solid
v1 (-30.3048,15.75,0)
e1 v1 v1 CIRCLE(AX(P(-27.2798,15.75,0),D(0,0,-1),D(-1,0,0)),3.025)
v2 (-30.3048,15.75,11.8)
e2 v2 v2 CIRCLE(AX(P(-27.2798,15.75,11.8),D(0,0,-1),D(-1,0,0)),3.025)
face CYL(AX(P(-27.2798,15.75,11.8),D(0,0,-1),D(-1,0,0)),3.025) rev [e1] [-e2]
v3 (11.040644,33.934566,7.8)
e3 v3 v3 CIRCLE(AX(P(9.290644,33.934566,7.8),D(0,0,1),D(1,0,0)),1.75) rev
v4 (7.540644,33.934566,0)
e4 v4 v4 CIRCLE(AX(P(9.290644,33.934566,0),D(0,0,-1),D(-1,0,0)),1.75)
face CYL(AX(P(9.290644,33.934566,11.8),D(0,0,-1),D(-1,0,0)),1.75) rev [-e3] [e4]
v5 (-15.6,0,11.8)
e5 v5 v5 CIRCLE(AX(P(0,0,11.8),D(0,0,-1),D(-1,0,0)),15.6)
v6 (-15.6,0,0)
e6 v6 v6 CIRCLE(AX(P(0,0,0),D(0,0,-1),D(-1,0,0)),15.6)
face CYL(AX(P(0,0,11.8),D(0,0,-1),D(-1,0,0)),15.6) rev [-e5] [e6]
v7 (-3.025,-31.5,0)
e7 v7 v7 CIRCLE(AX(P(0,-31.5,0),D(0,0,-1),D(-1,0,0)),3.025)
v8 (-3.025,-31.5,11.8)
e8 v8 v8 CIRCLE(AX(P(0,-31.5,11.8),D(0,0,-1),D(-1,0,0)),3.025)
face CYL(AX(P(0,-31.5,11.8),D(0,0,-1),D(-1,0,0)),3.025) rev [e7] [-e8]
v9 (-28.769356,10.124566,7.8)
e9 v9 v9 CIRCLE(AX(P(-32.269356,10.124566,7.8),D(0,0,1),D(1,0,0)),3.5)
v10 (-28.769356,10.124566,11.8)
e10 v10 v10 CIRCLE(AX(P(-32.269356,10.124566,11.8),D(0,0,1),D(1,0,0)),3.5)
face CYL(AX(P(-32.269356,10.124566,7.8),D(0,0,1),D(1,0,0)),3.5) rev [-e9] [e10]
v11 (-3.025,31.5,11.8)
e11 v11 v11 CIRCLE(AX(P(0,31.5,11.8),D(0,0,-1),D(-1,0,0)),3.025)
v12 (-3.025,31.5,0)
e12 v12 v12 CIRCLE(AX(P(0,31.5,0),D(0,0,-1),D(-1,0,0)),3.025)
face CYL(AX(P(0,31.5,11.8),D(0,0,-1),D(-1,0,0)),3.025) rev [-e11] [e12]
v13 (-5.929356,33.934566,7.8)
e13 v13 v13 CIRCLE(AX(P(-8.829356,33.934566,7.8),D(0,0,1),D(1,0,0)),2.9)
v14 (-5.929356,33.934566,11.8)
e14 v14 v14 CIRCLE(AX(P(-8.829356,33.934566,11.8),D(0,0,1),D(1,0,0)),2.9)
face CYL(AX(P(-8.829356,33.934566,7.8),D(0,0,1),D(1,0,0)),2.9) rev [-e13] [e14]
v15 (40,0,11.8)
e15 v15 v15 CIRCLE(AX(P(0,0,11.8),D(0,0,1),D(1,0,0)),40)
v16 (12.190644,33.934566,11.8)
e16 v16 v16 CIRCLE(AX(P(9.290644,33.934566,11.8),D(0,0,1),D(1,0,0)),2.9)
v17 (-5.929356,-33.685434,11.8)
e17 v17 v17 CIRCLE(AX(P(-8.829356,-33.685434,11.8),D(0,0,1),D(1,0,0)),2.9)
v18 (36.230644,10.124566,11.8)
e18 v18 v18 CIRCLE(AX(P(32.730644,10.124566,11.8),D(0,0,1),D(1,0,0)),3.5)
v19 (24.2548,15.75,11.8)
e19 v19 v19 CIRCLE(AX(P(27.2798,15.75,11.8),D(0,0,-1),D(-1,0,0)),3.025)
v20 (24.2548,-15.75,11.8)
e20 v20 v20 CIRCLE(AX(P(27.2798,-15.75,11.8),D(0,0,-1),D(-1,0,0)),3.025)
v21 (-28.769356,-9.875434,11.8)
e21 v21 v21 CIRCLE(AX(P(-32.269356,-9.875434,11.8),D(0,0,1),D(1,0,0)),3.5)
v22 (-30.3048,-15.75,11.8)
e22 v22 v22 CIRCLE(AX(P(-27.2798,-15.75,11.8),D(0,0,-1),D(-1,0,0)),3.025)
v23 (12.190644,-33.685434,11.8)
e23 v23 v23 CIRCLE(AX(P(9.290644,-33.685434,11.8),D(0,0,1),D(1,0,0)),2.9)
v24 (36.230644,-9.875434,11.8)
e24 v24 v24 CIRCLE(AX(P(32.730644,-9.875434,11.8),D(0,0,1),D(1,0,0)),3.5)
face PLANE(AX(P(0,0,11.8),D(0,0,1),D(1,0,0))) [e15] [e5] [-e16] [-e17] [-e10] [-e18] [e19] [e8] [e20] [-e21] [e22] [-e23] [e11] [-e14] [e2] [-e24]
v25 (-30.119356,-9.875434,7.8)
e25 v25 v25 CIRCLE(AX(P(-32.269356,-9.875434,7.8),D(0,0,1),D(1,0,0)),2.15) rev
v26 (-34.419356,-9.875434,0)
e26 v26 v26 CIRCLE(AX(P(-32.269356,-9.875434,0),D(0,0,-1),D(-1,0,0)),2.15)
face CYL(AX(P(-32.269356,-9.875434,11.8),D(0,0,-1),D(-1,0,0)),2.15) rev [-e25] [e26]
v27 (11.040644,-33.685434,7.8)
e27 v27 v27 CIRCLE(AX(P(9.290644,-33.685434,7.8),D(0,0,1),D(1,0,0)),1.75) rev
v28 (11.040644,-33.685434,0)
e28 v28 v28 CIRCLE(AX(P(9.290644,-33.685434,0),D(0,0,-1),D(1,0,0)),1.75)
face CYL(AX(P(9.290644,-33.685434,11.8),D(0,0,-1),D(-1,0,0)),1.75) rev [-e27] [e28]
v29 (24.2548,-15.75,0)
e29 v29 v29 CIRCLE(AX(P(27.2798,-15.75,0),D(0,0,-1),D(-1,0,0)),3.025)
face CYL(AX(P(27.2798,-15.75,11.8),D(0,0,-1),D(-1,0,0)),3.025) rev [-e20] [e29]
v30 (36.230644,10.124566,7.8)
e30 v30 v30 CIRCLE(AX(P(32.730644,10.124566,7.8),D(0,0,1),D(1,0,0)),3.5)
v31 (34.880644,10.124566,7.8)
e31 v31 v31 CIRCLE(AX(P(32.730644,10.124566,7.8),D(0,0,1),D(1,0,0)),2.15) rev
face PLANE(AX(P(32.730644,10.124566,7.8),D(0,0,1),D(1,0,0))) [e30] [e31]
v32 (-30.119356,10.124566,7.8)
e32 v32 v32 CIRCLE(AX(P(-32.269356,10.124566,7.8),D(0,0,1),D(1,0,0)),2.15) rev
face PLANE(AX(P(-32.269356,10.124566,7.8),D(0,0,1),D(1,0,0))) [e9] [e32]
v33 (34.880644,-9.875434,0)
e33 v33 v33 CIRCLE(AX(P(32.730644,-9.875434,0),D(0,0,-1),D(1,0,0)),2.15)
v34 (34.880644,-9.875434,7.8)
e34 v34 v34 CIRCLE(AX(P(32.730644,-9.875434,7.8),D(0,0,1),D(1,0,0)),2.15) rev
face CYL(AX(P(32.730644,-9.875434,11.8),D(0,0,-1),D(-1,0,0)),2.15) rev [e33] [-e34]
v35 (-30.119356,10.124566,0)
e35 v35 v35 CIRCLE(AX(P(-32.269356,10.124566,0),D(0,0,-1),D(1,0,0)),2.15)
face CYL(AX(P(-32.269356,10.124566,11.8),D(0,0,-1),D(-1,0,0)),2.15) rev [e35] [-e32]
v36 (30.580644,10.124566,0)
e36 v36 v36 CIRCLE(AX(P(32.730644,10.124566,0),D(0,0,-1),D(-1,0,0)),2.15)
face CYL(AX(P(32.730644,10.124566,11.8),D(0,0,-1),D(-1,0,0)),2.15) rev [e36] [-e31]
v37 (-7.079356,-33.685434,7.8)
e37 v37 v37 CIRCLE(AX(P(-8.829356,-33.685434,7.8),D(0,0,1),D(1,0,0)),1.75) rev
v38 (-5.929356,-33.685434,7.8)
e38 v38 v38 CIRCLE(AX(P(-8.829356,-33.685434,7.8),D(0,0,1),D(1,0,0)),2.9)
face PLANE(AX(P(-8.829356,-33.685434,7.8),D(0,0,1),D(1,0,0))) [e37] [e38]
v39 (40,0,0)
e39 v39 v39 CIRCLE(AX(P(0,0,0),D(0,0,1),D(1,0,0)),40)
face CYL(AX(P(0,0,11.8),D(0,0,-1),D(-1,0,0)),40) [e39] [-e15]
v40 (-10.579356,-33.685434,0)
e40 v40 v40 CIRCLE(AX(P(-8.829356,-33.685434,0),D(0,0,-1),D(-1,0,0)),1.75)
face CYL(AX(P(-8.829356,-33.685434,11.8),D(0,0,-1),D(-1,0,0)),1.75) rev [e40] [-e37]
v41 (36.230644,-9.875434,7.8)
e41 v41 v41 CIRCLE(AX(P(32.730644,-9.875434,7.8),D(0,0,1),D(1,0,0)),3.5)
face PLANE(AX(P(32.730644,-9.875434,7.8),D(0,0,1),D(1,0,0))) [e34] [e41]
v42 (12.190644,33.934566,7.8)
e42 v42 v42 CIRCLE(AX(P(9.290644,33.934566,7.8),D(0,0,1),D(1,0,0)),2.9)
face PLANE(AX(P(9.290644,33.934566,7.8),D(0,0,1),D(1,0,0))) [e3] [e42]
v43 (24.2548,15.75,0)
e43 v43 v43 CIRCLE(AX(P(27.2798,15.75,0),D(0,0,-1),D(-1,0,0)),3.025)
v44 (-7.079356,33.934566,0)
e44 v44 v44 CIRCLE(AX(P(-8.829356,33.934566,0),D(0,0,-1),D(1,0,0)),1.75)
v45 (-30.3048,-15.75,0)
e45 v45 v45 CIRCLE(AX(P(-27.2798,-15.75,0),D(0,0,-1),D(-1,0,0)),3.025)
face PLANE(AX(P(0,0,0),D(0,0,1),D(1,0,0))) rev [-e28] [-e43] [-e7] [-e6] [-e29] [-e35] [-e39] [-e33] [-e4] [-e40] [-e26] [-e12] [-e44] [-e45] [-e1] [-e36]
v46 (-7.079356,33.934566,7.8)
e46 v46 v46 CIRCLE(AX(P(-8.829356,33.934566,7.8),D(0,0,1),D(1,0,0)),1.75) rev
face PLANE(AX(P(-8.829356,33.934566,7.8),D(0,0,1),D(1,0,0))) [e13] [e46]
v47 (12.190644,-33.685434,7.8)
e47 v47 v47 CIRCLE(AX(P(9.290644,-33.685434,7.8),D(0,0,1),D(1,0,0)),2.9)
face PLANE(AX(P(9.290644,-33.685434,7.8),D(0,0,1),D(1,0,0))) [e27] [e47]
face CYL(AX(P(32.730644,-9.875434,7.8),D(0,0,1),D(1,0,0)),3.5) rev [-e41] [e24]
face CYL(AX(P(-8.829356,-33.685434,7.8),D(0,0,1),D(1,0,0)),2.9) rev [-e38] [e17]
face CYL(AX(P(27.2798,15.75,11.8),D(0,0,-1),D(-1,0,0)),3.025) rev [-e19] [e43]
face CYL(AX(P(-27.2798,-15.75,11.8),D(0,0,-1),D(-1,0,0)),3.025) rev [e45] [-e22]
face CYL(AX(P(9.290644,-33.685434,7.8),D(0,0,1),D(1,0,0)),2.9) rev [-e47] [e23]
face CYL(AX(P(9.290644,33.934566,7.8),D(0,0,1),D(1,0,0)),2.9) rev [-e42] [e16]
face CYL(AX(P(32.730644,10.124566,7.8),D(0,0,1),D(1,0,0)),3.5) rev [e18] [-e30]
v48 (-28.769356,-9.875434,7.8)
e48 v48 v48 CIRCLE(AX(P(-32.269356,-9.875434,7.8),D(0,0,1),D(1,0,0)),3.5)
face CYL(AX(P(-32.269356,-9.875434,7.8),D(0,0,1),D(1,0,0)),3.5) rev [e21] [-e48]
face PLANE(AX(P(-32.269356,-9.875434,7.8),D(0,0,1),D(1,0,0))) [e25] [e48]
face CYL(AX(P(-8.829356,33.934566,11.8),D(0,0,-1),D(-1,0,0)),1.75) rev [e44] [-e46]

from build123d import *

# Parameters (mm, degrees)
SKETCH_1_R          = 40
EXTRUDE_1_DEPTH     = 11.8
SKETCH_2_R          = 2.15
SKETCH_2_R_2        = 1.75
CUT_EXTRUDE_1_DEPTH = 58.786157512
SKETCH_3_R          = 3.025
SKETCH_3_R_2        = 15.6
CUT_EXTRUDE_2_DEPTH = 58.786157512
SKETCH_5_R          = 2.9
SKETCH_5_R_2        = 3.5
CUT_EXTRUDE_4_DEPTH = 4


with BuildPart() as part:
    # 草图1 → 凸台-拉伸1 (new body)
    with BuildSketch(Plane.XY):
        Circle(SKETCH_1_R)
    extrude(amount=EXTRUDE_1_DEPTH)

    # 草图2 → 切除-拉伸1 (cut, through all)
    with BuildSketch(Plane(origin=(0, 0, 0), x_dir=(-1, 0, 0), z_dir=(0, 0, -1))):
        with Locations((-32.730643847, 10.1245665)):
            Circle(SKETCH_2_R)
        with Locations(Location((-32.730643847, -9.8754335, 0), (0, 0, 180))):
            Circle(SKETCH_2_R)
        with Locations((32.269356153, -9.8754335)):
            Circle(SKETCH_2_R)
        with Locations(Location((32.269356153, 10.1245665, 0), (0, 0, 180))):
            Circle(SKETCH_2_R)
        with Locations((-9.290643847, 33.9345665)):
            Circle(SKETCH_2_R_2)
        with Locations(Location((8.829356153, 33.9345665, 0), (0, 0, 180))):
            Circle(SKETCH_2_R_2)
        with Locations((8.829356153, -33.6854335)):
            Circle(SKETCH_2_R_2)
        with Locations(Location((-9.290643847, -33.6854335, 0), (0, 0, 180))):
            Circle(SKETCH_2_R_2)
    extrude(amount=-CUT_EXTRUDE_1_DEPTH, mode=Mode.SUBTRACT)

    # 草图3 → 切除-拉伸2 (cut, through all)
    with BuildSketch(Plane(origin=(0, 0, 0), x_dir=(-1, 0, 0), z_dir=(0, 0, -1))):
        with Locations((0, 31.5)):
            Circle(SKETCH_3_R)
        with Locations((27.279800219, 15.75)):
            Circle(SKETCH_3_R)
        with Locations((27.279800219, -15.75)):
            Circle(SKETCH_3_R)
        with Locations((0, -31.5)):
            Circle(SKETCH_3_R)
        with Locations((-27.279800219, -15.75)):
            Circle(SKETCH_3_R)
        with Locations((-27.279800219, 15.75)):
            Circle(SKETCH_3_R)
        Circle(SKETCH_3_R_2)
    extrude(amount=-CUT_EXTRUDE_2_DEPTH, mode=Mode.SUBTRACT)

    # 草图5 → 切除-拉伸4 (cut)
    with BuildSketch(Plane.XY.offset(11.8)):
        with Locations((-8.829356153, -33.6854335)):
            Circle(SKETCH_5_R)
        with Locations((-8.829356153, 33.9345665)):
            Circle(SKETCH_5_R)
        with Locations((-32.269356153, 10.1245665)):
            Circle(SKETCH_5_R_2)
        with Locations((-32.269356153, -9.8754335)):
            Circle(SKETCH_5_R_2)
        with Locations((9.290643847, 33.9345665)):
            Circle(SKETCH_5_R)
        with Locations((32.730643847, 10.1245665)):
            Circle(SKETCH_5_R_2)
        with Locations((32.730643847, -9.8754335)):
            Circle(SKETCH_5_R_2)
        with Locations((9.290643847, -33.6854335)):
            Circle(SKETCH_5_R)
    extrude(amount=-CUT_EXTRUDE_4_DEPTH, mode=Mode.SUBTRACT)


solid = part.part
